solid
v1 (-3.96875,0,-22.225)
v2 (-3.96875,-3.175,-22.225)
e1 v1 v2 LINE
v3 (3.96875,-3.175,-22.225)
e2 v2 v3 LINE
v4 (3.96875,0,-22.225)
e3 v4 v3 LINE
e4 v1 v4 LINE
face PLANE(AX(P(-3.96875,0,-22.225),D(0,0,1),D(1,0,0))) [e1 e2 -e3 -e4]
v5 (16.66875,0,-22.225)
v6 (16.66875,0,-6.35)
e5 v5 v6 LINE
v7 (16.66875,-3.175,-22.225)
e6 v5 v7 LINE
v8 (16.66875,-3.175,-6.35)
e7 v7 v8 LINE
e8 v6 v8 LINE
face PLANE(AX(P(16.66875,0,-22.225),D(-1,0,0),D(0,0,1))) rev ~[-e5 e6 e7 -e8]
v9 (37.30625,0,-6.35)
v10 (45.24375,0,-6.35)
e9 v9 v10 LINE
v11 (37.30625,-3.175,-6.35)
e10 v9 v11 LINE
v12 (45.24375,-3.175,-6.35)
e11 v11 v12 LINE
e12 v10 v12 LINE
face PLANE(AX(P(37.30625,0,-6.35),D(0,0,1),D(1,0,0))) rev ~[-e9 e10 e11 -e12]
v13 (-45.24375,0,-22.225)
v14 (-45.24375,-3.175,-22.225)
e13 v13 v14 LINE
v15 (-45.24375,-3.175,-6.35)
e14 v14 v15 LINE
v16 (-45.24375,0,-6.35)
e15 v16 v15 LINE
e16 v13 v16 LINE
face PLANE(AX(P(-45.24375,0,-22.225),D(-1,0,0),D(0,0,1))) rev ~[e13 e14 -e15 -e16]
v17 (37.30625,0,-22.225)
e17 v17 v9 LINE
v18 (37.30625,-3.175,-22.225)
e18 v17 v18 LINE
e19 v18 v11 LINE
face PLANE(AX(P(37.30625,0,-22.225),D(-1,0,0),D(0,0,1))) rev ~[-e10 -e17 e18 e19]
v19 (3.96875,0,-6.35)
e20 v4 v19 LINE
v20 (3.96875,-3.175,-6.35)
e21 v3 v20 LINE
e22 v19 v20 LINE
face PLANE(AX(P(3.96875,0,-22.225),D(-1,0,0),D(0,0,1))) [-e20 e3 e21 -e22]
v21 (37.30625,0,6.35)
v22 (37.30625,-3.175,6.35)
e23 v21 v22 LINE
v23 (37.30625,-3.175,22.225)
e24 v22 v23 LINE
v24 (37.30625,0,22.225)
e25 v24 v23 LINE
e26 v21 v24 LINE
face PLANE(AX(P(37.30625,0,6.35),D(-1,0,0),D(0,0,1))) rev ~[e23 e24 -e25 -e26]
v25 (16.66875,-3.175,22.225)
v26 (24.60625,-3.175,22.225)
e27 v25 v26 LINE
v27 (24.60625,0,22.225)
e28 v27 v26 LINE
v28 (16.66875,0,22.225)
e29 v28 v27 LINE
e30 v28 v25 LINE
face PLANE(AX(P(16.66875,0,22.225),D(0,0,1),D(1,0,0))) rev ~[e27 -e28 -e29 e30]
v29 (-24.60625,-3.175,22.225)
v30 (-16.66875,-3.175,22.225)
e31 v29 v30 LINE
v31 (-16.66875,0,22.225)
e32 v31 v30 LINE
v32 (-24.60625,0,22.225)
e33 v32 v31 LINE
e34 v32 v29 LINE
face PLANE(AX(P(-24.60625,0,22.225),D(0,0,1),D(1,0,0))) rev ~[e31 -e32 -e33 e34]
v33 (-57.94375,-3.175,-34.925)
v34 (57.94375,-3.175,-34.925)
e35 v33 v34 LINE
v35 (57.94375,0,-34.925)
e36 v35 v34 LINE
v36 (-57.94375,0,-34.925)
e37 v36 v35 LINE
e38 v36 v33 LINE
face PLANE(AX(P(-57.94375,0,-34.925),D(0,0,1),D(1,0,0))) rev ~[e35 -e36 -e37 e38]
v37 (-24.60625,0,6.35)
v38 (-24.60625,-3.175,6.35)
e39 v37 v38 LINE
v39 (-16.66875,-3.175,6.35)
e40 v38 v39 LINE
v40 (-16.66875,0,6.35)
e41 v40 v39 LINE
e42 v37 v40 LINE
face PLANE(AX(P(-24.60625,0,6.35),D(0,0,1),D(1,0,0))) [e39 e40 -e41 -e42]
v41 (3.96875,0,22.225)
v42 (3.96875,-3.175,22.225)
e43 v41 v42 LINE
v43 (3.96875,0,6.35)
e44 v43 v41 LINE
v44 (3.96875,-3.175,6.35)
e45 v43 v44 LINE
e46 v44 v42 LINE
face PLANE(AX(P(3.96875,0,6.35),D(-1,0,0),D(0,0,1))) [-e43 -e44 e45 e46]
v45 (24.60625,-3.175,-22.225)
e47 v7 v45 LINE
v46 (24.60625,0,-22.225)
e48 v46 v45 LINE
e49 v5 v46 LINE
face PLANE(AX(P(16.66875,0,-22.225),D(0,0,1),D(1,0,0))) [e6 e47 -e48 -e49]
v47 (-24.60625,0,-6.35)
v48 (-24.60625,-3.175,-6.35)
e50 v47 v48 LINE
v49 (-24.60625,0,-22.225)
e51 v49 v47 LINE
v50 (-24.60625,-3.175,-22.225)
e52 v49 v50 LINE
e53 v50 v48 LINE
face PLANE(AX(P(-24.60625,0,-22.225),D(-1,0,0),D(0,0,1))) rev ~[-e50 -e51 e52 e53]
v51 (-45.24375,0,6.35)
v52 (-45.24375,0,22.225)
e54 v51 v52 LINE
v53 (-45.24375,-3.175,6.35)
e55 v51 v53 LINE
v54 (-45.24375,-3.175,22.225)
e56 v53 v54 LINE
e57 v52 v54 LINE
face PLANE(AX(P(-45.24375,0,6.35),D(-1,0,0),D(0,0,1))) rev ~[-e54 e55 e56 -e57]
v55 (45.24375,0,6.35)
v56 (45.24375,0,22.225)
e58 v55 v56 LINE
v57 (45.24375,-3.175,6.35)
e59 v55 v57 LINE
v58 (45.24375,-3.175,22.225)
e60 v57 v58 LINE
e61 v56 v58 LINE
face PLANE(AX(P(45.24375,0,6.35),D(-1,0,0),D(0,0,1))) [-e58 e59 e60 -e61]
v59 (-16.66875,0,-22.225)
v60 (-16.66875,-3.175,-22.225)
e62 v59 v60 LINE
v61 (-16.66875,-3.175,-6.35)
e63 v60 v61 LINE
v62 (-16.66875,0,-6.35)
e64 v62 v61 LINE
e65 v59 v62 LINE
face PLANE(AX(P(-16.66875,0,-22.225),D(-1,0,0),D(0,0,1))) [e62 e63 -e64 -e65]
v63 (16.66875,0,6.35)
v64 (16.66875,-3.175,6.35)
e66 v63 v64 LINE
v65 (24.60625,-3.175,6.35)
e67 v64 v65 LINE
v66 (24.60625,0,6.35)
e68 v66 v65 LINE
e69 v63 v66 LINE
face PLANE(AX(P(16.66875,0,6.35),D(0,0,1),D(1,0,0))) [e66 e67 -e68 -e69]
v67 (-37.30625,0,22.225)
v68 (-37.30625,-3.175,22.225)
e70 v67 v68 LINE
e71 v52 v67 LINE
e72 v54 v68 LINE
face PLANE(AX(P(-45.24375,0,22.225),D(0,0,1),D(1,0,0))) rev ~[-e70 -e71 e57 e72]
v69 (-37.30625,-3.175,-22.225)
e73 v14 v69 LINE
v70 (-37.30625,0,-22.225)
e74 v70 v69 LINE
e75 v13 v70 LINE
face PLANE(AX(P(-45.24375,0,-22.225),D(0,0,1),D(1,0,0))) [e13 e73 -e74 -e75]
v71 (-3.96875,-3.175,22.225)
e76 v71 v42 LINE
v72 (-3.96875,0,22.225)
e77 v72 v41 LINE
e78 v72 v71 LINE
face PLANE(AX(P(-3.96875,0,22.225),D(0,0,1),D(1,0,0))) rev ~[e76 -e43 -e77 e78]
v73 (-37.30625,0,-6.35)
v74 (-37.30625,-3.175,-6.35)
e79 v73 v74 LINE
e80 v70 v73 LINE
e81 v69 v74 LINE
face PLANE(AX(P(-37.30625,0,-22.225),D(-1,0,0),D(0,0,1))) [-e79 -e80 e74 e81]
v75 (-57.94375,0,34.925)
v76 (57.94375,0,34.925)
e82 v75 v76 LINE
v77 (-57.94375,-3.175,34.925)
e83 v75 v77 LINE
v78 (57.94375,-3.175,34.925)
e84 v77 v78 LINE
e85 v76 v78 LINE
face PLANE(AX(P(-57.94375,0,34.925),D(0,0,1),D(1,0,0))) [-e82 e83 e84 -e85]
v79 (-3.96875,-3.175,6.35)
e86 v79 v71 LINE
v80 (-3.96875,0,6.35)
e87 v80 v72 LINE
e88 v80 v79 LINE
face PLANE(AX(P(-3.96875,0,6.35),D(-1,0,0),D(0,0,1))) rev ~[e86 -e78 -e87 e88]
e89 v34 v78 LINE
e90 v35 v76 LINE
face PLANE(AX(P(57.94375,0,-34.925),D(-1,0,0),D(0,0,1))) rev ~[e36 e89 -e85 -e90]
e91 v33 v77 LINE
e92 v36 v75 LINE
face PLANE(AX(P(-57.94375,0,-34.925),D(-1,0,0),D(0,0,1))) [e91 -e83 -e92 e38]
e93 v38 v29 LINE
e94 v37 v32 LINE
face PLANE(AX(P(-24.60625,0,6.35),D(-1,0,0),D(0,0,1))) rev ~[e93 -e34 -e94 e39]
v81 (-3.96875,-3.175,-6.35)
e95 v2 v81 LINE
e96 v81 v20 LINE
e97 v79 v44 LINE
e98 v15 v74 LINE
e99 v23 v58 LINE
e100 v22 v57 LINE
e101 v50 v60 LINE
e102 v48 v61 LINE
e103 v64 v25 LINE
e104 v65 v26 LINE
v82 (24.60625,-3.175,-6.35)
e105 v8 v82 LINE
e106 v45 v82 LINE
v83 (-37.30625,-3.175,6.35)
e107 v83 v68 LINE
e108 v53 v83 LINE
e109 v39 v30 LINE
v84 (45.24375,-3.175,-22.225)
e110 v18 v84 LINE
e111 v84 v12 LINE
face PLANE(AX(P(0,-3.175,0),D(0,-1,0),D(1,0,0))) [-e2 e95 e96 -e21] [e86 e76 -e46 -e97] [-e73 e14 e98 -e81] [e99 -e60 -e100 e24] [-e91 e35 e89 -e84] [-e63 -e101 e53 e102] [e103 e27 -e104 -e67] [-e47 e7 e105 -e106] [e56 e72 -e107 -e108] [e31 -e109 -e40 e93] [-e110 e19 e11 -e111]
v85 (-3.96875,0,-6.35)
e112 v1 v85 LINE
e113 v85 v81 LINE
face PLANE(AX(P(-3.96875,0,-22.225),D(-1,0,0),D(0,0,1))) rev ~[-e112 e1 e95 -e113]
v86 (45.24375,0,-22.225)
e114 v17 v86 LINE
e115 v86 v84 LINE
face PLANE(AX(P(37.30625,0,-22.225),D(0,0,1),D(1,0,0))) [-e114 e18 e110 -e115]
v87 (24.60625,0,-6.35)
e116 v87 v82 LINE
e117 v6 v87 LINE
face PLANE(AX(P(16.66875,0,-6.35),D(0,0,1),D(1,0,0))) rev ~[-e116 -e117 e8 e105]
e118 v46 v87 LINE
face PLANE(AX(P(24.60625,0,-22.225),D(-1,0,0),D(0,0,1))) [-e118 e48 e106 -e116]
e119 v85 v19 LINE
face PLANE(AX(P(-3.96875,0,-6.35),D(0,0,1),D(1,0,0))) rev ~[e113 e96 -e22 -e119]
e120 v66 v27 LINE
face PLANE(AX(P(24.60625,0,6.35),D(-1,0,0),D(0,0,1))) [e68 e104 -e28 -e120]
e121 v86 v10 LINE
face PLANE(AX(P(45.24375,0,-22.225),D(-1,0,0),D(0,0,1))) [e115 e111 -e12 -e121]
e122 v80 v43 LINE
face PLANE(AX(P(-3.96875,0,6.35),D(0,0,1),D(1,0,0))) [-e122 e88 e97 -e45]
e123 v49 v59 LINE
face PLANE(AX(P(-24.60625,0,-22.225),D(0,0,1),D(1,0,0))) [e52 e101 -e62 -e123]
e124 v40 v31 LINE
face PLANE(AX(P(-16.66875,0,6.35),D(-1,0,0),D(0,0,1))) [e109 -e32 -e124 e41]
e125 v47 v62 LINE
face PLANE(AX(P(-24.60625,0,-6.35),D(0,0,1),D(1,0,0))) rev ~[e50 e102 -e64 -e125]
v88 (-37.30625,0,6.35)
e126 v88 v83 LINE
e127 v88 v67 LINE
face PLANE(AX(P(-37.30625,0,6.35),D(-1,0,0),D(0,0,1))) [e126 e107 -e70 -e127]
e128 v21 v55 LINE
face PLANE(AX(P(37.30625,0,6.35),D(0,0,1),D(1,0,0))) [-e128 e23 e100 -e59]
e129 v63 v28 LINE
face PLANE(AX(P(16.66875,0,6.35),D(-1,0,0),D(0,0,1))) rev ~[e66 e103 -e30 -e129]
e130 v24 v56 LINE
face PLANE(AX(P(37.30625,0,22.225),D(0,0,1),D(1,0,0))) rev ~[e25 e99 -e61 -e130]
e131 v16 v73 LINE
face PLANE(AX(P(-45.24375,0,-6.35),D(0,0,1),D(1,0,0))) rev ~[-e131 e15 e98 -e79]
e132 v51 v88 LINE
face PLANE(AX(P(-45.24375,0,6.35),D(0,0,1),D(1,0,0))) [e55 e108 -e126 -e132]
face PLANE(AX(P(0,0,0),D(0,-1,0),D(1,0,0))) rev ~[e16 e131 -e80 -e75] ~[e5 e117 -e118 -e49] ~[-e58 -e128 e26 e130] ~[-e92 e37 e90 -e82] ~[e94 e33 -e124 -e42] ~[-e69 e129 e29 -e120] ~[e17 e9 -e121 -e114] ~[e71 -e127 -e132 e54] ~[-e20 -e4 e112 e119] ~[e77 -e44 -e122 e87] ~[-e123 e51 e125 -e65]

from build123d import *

# Parameters (mm, degrees)
F0_W     = 115.8875
F0_H     = 69.85
F0_W_2   = 7.9375
F0_H_2   = 15.875
F1_DEPTH = 3.175


with BuildPart() as f1:
    # F0 (on Front) → F1 (new body)
    with BuildSketch(Plane.XZ):
        Rectangle(F0_W, F0_H)
        with Locations((-41.275, -14.2875)):
            Rectangle(F0_W_2, F0_H_2, mode=Mode.SUBTRACT)
        with Locations((-20.6375, -14.2875)):
            Rectangle(F0_W_2, F0_H_2, mode=Mode.SUBTRACT)
        with Locations((0, -14.2875)):
            Rectangle(F0_W_2, F0_H_2, mode=Mode.SUBTRACT)
        with Locations((20.6375, -14.2875)):
            Rectangle(F0_W_2, F0_H_2, mode=Mode.SUBTRACT)
        with Locations((41.275, -14.2875)):
            Rectangle(F0_W_2, F0_H_2, mode=Mode.SUBTRACT)
        with Locations((-41.275, 14.2875)):
            Rectangle(F0_W_2, F0_H_2, mode=Mode.SUBTRACT)
        with Locations((-20.6375, 14.2875)):
            Rectangle(F0_W_2, F0_H_2, mode=Mode.SUBTRACT)
        with Locations((0, 14.2875)):
            Rectangle(F0_W_2, F0_H_2, mode=Mode.SUBTRACT)
        with Locations((20.6375, 14.2875)):
            Rectangle(F0_W_2, F0_H_2, mode=Mode.SUBTRACT)
        with Locations((41.275, 14.2875)):
            Rectangle(F0_W_2, F0_H_2, mode=Mode.SUBTRACT)
    extrude(amount=F1_DEPTH)


solid = f1.part
